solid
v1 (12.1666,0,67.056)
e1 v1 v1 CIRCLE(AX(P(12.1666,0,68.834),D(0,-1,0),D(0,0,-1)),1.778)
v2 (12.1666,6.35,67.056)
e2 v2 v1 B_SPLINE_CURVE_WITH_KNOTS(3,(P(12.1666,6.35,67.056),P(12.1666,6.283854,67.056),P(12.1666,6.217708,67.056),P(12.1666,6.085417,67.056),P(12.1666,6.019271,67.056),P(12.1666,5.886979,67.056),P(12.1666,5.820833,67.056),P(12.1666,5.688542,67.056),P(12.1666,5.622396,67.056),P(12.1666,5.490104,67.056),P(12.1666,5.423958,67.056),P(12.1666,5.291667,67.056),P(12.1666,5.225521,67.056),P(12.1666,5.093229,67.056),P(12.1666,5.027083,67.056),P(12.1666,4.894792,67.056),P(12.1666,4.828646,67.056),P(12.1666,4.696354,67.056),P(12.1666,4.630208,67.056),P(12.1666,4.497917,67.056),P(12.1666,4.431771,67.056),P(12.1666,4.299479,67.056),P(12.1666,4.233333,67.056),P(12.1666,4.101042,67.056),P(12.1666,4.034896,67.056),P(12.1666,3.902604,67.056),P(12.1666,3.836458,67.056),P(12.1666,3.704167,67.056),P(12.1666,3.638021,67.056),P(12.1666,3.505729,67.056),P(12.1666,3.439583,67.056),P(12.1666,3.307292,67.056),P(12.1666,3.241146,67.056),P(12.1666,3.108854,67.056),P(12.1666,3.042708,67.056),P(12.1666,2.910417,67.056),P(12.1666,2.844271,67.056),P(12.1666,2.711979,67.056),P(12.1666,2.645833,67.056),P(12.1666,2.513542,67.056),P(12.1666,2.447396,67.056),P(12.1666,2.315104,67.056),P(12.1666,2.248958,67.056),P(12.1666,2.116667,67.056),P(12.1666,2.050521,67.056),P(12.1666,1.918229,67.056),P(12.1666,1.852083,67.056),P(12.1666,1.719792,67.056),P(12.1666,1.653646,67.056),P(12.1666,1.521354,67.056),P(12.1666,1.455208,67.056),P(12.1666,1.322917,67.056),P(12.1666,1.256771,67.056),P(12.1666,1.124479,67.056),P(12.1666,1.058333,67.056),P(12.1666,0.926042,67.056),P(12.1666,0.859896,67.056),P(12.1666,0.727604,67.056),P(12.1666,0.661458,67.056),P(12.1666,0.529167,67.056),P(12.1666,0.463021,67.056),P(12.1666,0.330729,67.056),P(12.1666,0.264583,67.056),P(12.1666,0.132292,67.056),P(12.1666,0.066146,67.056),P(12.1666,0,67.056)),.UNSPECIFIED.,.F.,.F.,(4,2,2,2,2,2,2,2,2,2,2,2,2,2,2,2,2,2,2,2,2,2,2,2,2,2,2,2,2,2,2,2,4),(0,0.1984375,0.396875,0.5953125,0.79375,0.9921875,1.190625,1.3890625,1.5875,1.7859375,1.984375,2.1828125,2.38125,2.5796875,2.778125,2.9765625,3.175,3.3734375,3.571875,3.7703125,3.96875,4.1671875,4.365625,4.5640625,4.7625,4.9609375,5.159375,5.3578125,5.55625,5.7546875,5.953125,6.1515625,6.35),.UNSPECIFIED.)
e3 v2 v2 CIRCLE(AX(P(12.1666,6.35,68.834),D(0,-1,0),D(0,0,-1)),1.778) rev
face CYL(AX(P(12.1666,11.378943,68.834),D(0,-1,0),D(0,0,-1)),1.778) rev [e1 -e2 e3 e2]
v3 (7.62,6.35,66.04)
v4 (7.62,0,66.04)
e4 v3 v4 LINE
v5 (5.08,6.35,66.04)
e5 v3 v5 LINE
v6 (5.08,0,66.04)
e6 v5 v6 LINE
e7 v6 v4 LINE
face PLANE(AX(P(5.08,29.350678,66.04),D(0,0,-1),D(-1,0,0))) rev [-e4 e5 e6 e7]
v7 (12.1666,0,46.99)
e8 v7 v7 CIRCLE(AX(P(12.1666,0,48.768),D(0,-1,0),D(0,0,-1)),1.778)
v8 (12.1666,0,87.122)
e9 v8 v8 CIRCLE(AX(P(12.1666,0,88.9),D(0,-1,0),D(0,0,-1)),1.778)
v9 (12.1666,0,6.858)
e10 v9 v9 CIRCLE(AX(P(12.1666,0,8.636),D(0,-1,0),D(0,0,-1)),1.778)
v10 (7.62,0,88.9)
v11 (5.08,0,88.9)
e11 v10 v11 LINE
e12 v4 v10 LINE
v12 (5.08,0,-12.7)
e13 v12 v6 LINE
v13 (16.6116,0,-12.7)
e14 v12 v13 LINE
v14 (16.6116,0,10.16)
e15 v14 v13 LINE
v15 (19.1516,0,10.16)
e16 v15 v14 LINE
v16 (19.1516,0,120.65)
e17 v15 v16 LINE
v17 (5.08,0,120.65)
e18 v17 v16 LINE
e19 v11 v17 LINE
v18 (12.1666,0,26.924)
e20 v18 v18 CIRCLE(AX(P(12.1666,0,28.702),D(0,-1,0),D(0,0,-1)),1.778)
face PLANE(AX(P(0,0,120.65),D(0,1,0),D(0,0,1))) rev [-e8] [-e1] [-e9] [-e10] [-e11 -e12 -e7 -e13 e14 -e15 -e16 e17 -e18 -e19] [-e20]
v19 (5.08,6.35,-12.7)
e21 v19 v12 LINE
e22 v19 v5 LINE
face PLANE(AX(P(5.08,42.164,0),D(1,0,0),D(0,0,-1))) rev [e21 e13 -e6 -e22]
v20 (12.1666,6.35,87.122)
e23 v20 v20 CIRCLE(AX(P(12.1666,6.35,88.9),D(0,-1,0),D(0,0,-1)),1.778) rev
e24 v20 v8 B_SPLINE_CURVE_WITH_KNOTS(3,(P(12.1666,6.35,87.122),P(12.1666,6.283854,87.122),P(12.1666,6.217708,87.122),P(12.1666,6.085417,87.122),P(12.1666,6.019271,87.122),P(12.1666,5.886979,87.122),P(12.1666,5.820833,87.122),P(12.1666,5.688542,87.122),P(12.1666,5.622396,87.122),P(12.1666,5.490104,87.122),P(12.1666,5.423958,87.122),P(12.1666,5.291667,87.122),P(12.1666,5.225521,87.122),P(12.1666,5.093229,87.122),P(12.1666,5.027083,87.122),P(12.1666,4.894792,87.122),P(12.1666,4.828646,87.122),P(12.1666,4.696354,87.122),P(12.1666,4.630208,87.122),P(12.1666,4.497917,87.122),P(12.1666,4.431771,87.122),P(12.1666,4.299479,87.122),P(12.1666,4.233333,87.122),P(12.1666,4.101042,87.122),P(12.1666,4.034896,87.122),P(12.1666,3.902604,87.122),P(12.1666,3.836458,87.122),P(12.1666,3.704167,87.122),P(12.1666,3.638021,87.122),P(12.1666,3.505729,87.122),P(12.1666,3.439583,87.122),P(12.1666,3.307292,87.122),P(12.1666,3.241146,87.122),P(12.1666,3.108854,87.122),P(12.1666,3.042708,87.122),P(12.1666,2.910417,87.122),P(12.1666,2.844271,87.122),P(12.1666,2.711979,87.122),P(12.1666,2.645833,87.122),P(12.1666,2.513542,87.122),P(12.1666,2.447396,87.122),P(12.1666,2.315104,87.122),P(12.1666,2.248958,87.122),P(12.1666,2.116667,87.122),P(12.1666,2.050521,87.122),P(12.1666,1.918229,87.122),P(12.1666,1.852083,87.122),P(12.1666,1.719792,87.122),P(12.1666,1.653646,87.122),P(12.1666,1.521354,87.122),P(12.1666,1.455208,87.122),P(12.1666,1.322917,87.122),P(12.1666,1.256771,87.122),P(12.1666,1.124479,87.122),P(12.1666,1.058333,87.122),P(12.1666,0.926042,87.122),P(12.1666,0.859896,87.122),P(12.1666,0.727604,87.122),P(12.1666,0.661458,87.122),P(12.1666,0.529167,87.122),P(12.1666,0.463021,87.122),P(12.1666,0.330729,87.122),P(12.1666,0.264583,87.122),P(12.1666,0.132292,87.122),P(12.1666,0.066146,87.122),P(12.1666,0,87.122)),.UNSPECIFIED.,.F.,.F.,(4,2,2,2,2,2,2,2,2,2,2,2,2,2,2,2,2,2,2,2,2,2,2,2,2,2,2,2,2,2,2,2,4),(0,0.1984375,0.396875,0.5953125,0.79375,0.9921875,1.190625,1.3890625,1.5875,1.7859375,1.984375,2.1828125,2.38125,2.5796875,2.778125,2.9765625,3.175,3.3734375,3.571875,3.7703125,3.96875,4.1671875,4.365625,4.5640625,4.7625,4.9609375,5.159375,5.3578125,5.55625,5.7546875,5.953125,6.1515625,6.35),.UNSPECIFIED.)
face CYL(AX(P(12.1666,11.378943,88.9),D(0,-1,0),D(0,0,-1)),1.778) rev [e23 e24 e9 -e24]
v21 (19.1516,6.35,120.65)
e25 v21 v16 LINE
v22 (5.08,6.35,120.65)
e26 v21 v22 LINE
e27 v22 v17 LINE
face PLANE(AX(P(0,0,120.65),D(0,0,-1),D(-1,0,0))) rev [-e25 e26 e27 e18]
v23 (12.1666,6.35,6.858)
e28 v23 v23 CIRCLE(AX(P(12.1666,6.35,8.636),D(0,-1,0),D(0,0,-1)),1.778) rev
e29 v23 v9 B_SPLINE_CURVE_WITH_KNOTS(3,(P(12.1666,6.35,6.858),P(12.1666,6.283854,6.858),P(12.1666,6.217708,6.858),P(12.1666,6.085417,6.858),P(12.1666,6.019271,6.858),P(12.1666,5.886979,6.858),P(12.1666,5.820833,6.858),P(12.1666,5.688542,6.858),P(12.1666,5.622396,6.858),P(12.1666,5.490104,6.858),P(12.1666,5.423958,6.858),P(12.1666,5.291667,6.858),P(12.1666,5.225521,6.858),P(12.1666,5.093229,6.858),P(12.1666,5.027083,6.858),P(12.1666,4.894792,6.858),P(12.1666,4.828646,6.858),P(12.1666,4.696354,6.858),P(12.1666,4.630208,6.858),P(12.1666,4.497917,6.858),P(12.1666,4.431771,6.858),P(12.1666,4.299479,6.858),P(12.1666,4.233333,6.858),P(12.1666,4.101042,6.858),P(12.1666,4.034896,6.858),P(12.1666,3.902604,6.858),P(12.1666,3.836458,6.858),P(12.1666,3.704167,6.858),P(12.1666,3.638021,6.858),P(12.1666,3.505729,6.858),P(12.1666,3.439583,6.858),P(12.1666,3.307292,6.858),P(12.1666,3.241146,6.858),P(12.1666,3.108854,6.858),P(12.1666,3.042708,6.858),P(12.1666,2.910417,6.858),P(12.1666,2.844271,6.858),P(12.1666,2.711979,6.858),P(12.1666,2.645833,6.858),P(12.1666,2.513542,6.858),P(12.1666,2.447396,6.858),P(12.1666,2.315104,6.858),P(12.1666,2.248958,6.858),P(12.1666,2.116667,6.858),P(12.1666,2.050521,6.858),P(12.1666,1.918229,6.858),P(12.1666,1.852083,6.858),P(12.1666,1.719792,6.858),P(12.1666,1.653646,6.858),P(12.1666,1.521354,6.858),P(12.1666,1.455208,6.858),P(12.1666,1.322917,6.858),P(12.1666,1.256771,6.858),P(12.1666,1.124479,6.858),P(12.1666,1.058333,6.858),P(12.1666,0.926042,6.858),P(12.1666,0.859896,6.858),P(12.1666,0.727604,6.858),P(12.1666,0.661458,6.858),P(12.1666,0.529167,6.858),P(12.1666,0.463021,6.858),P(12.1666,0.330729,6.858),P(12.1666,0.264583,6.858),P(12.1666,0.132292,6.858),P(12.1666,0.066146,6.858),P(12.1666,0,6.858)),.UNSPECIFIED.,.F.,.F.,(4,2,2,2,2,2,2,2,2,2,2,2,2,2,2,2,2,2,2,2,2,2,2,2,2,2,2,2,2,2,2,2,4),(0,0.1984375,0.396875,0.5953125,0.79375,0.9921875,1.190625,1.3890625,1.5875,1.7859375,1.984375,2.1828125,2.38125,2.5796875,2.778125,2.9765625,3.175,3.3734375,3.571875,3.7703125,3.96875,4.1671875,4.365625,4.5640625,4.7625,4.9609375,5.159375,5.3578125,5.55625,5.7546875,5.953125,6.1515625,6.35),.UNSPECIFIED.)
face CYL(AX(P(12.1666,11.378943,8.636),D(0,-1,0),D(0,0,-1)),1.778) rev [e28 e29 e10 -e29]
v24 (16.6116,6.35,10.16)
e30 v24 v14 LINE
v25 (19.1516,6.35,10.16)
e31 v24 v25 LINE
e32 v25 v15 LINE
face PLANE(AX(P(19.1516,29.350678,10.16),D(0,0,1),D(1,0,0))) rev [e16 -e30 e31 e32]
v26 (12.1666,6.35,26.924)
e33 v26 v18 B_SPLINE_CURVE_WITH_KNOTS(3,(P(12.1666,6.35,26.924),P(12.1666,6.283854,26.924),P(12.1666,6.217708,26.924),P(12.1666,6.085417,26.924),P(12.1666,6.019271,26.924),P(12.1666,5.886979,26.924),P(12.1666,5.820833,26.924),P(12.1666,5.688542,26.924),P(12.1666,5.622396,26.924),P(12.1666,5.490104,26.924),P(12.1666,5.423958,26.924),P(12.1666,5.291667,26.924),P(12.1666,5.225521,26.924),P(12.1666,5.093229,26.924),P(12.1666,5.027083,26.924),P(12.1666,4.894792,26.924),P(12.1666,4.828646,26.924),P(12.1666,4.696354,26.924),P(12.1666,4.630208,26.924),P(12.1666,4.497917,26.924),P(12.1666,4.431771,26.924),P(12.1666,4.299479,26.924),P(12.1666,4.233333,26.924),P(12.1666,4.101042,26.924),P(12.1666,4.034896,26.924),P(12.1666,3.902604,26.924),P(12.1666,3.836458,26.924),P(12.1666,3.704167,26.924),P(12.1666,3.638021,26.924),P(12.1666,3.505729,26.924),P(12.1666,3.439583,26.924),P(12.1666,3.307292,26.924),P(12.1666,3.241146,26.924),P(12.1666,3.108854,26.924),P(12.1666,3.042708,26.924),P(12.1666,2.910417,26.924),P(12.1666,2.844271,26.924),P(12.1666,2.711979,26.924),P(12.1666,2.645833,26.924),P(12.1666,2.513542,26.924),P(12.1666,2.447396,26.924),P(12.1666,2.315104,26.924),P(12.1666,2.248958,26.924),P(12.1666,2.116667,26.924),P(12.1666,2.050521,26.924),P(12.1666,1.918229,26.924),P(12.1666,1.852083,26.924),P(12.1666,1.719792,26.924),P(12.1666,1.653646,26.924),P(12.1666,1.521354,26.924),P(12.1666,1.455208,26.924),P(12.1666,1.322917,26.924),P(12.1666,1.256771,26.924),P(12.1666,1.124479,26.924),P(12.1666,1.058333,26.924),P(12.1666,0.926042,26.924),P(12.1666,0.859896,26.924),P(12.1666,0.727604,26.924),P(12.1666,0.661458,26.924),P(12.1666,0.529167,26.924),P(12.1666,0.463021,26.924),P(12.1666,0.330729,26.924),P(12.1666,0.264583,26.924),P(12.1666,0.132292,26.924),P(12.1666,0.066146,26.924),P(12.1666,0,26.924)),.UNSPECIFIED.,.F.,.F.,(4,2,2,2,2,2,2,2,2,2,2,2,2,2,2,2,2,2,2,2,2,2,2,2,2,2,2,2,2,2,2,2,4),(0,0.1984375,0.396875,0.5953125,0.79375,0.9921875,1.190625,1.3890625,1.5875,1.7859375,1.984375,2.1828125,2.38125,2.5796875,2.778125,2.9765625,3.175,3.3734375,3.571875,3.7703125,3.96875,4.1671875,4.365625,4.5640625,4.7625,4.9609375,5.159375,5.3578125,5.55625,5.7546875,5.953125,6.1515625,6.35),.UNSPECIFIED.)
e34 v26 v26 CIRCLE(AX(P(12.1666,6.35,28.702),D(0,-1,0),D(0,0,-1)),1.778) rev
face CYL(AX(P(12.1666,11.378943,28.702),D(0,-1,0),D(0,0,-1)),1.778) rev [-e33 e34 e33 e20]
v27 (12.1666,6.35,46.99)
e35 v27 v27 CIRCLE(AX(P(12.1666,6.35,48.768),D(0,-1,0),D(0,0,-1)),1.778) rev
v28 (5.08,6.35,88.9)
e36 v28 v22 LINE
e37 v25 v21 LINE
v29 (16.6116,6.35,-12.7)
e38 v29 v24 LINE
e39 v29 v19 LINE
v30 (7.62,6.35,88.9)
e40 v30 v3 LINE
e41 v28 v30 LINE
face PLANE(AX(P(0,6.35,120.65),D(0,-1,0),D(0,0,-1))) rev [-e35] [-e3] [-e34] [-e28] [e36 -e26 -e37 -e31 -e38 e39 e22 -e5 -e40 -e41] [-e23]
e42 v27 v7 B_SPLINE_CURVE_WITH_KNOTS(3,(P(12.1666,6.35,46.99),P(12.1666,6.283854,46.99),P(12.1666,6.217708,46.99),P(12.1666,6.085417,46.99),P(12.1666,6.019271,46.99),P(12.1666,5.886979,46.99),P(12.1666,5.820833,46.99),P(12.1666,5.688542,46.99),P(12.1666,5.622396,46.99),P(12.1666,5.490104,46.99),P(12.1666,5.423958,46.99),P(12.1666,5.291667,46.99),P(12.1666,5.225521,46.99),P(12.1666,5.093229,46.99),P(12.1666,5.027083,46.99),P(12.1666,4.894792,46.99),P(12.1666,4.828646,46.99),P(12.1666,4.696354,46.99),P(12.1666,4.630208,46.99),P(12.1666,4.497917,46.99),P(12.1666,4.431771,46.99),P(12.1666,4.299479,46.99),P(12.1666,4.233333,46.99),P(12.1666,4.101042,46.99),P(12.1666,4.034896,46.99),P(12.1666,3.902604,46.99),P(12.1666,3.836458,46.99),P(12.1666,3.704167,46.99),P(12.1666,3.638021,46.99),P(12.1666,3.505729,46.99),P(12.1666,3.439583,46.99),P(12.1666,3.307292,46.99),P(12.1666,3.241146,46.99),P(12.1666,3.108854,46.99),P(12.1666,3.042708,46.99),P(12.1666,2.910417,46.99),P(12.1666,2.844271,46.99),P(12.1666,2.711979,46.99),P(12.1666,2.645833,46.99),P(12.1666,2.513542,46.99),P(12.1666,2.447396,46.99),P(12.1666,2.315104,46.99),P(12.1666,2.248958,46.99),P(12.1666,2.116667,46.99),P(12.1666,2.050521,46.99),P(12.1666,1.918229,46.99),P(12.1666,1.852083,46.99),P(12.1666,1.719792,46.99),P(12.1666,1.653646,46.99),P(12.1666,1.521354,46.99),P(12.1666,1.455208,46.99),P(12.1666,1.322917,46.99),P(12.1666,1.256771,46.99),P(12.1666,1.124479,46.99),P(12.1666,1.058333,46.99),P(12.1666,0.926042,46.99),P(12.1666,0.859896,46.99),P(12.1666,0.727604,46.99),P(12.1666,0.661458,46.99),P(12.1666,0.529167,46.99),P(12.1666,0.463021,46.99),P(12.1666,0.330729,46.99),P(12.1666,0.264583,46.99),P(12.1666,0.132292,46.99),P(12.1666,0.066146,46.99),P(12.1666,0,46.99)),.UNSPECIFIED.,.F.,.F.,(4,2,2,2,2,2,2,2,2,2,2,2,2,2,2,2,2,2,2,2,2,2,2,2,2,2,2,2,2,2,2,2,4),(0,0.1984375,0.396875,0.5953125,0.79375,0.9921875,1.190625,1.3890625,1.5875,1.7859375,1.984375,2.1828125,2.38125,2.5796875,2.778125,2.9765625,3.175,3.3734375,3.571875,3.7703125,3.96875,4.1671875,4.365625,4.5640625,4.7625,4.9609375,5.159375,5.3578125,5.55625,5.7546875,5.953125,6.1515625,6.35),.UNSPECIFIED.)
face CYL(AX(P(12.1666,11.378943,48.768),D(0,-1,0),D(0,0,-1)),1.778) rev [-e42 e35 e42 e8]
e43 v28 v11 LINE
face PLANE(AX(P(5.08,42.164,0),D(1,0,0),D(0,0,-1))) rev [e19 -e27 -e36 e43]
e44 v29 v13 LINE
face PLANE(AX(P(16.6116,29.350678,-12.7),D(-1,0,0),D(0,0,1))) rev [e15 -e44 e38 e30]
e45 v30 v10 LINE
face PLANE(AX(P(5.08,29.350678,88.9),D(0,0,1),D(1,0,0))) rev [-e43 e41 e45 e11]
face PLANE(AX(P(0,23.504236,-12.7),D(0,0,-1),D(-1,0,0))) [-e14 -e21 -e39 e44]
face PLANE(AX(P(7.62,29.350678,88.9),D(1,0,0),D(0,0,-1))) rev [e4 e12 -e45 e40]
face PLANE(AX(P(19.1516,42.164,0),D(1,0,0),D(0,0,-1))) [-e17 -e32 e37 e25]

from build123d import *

# Parameters (mm, degrees)
SKETCH1_W           = 69.85
SKETCH1_H           = 6.35
BOSS_EXTRUDE1_DEPTH = 120.65
CUT_EXTRUDE1_DEPTH  = 140.555607197
SKETCH3_W           = 5.08
SKETCH3_H           = 120.65
CUT_EXTRUDE2_DEPTH  = 42.164
SKETCH4_W           = 2.54
SKETCH4_H           = 22.86
CUT_EXTRUDE3_DEPTH  = 6.35
SKETCH5_W           = 11.5316
SKETCH5_H           = 12.7
BOSS_EXTRUDE2_DEPTH = 6.35
SKETCH6_R           = 1.778
CUT_EXTRUDE4_DEPTH  = 6.35


with BuildPart() as part:
    # Sketch1 → Boss-Extrude1 (new body)
    with BuildSketch(Plane.XY):
        with Locations((34.925, 3.175)):
            Rectangle(SKETCH1_W, SKETCH1_H)
    extrude(amount=BOSS_EXTRUDE1_DEPTH)

    # Sketch2 → Cut-Extrude1 (cut, through all)
    with BuildSketch(Plane(origin=(0, 6.35, 0), x_dir=(1, 0, 0), z_dir=(0, 1, 0))):
        Polygon((35.923749516, 0), (35.923749516, -37.802999389), (69.85, -55.962276793), (69.85, 0), align=None)
    extrude(amount=-CUT_EXTRUDE1_DEPTH, mode=Mode.SUBTRACT)

    # Sketch3 → Cut-Extrude2 (cut)
    with BuildSketch(Plane.XZ):
        Polygon((19.1516, 120.65), (19.1516, 0), (35.923749516, 0), (35.923749516, 37.802999389), (69.85, 55.962276793), (69.85, 120.65), align=None)
        with Locations((2.54, 60.325)):
            Rectangle(SKETCH3_W, SKETCH3_H)
    extrude(amount=-CUT_EXTRUDE2_DEPTH, mode=Mode.SUBTRACT)

    # Sketch4 → Cut-Extrude3 (cut)
    with BuildSketch(Plane.XZ):
        with Locations((6.35, 77.47)):
            Rectangle(SKETCH4_W, SKETCH4_H)
        with Locations((17.8816, -1.27)):
            Rectangle(SKETCH4_W, SKETCH4_H)
    extrude(amount=-CUT_EXTRUDE3_DEPTH, mode=Mode.SUBTRACT)

    # Sketch5 → Boss-Extrude2 (add)
    with BuildSketch(Plane.XZ):
        with Locations((10.8458, -6.35)):
            Rectangle(SKETCH5_W, SKETCH5_H)
    extrude(amount=-BOSS_EXTRUDE2_DEPTH)

    # Sketch6 → Cut-Extrude4 (cut)
    with BuildSketch(Plane.XZ):
        with Locations(Location((12.1666, 88.9, 0), (0, 0, 270))):
            Circle(SKETCH6_R)
        with Locations(Location((12.1666, 68.834, 0), (0, 0, 270))):
            Circle(SKETCH6_R)
        Circle(SKETCH6_R)
        with Locations(Location((12.1666, 48.768, 0), (0, 0, 270))):
            Circle(SKETCH6_R)
        with Locations(Location((12.1666, 28.702, 0), (0, 0, 270))):
            Circle(SKETCH6_R)
        with Locations(Location((12.1666, 8.636, 0), (0, 0, 270))):
            Circle(SKETCH6_R)
    extrude(amount=-CUT_EXTRUDE4_DEPTH, mode=Mode.SUBTRACT)


solid = part.part
